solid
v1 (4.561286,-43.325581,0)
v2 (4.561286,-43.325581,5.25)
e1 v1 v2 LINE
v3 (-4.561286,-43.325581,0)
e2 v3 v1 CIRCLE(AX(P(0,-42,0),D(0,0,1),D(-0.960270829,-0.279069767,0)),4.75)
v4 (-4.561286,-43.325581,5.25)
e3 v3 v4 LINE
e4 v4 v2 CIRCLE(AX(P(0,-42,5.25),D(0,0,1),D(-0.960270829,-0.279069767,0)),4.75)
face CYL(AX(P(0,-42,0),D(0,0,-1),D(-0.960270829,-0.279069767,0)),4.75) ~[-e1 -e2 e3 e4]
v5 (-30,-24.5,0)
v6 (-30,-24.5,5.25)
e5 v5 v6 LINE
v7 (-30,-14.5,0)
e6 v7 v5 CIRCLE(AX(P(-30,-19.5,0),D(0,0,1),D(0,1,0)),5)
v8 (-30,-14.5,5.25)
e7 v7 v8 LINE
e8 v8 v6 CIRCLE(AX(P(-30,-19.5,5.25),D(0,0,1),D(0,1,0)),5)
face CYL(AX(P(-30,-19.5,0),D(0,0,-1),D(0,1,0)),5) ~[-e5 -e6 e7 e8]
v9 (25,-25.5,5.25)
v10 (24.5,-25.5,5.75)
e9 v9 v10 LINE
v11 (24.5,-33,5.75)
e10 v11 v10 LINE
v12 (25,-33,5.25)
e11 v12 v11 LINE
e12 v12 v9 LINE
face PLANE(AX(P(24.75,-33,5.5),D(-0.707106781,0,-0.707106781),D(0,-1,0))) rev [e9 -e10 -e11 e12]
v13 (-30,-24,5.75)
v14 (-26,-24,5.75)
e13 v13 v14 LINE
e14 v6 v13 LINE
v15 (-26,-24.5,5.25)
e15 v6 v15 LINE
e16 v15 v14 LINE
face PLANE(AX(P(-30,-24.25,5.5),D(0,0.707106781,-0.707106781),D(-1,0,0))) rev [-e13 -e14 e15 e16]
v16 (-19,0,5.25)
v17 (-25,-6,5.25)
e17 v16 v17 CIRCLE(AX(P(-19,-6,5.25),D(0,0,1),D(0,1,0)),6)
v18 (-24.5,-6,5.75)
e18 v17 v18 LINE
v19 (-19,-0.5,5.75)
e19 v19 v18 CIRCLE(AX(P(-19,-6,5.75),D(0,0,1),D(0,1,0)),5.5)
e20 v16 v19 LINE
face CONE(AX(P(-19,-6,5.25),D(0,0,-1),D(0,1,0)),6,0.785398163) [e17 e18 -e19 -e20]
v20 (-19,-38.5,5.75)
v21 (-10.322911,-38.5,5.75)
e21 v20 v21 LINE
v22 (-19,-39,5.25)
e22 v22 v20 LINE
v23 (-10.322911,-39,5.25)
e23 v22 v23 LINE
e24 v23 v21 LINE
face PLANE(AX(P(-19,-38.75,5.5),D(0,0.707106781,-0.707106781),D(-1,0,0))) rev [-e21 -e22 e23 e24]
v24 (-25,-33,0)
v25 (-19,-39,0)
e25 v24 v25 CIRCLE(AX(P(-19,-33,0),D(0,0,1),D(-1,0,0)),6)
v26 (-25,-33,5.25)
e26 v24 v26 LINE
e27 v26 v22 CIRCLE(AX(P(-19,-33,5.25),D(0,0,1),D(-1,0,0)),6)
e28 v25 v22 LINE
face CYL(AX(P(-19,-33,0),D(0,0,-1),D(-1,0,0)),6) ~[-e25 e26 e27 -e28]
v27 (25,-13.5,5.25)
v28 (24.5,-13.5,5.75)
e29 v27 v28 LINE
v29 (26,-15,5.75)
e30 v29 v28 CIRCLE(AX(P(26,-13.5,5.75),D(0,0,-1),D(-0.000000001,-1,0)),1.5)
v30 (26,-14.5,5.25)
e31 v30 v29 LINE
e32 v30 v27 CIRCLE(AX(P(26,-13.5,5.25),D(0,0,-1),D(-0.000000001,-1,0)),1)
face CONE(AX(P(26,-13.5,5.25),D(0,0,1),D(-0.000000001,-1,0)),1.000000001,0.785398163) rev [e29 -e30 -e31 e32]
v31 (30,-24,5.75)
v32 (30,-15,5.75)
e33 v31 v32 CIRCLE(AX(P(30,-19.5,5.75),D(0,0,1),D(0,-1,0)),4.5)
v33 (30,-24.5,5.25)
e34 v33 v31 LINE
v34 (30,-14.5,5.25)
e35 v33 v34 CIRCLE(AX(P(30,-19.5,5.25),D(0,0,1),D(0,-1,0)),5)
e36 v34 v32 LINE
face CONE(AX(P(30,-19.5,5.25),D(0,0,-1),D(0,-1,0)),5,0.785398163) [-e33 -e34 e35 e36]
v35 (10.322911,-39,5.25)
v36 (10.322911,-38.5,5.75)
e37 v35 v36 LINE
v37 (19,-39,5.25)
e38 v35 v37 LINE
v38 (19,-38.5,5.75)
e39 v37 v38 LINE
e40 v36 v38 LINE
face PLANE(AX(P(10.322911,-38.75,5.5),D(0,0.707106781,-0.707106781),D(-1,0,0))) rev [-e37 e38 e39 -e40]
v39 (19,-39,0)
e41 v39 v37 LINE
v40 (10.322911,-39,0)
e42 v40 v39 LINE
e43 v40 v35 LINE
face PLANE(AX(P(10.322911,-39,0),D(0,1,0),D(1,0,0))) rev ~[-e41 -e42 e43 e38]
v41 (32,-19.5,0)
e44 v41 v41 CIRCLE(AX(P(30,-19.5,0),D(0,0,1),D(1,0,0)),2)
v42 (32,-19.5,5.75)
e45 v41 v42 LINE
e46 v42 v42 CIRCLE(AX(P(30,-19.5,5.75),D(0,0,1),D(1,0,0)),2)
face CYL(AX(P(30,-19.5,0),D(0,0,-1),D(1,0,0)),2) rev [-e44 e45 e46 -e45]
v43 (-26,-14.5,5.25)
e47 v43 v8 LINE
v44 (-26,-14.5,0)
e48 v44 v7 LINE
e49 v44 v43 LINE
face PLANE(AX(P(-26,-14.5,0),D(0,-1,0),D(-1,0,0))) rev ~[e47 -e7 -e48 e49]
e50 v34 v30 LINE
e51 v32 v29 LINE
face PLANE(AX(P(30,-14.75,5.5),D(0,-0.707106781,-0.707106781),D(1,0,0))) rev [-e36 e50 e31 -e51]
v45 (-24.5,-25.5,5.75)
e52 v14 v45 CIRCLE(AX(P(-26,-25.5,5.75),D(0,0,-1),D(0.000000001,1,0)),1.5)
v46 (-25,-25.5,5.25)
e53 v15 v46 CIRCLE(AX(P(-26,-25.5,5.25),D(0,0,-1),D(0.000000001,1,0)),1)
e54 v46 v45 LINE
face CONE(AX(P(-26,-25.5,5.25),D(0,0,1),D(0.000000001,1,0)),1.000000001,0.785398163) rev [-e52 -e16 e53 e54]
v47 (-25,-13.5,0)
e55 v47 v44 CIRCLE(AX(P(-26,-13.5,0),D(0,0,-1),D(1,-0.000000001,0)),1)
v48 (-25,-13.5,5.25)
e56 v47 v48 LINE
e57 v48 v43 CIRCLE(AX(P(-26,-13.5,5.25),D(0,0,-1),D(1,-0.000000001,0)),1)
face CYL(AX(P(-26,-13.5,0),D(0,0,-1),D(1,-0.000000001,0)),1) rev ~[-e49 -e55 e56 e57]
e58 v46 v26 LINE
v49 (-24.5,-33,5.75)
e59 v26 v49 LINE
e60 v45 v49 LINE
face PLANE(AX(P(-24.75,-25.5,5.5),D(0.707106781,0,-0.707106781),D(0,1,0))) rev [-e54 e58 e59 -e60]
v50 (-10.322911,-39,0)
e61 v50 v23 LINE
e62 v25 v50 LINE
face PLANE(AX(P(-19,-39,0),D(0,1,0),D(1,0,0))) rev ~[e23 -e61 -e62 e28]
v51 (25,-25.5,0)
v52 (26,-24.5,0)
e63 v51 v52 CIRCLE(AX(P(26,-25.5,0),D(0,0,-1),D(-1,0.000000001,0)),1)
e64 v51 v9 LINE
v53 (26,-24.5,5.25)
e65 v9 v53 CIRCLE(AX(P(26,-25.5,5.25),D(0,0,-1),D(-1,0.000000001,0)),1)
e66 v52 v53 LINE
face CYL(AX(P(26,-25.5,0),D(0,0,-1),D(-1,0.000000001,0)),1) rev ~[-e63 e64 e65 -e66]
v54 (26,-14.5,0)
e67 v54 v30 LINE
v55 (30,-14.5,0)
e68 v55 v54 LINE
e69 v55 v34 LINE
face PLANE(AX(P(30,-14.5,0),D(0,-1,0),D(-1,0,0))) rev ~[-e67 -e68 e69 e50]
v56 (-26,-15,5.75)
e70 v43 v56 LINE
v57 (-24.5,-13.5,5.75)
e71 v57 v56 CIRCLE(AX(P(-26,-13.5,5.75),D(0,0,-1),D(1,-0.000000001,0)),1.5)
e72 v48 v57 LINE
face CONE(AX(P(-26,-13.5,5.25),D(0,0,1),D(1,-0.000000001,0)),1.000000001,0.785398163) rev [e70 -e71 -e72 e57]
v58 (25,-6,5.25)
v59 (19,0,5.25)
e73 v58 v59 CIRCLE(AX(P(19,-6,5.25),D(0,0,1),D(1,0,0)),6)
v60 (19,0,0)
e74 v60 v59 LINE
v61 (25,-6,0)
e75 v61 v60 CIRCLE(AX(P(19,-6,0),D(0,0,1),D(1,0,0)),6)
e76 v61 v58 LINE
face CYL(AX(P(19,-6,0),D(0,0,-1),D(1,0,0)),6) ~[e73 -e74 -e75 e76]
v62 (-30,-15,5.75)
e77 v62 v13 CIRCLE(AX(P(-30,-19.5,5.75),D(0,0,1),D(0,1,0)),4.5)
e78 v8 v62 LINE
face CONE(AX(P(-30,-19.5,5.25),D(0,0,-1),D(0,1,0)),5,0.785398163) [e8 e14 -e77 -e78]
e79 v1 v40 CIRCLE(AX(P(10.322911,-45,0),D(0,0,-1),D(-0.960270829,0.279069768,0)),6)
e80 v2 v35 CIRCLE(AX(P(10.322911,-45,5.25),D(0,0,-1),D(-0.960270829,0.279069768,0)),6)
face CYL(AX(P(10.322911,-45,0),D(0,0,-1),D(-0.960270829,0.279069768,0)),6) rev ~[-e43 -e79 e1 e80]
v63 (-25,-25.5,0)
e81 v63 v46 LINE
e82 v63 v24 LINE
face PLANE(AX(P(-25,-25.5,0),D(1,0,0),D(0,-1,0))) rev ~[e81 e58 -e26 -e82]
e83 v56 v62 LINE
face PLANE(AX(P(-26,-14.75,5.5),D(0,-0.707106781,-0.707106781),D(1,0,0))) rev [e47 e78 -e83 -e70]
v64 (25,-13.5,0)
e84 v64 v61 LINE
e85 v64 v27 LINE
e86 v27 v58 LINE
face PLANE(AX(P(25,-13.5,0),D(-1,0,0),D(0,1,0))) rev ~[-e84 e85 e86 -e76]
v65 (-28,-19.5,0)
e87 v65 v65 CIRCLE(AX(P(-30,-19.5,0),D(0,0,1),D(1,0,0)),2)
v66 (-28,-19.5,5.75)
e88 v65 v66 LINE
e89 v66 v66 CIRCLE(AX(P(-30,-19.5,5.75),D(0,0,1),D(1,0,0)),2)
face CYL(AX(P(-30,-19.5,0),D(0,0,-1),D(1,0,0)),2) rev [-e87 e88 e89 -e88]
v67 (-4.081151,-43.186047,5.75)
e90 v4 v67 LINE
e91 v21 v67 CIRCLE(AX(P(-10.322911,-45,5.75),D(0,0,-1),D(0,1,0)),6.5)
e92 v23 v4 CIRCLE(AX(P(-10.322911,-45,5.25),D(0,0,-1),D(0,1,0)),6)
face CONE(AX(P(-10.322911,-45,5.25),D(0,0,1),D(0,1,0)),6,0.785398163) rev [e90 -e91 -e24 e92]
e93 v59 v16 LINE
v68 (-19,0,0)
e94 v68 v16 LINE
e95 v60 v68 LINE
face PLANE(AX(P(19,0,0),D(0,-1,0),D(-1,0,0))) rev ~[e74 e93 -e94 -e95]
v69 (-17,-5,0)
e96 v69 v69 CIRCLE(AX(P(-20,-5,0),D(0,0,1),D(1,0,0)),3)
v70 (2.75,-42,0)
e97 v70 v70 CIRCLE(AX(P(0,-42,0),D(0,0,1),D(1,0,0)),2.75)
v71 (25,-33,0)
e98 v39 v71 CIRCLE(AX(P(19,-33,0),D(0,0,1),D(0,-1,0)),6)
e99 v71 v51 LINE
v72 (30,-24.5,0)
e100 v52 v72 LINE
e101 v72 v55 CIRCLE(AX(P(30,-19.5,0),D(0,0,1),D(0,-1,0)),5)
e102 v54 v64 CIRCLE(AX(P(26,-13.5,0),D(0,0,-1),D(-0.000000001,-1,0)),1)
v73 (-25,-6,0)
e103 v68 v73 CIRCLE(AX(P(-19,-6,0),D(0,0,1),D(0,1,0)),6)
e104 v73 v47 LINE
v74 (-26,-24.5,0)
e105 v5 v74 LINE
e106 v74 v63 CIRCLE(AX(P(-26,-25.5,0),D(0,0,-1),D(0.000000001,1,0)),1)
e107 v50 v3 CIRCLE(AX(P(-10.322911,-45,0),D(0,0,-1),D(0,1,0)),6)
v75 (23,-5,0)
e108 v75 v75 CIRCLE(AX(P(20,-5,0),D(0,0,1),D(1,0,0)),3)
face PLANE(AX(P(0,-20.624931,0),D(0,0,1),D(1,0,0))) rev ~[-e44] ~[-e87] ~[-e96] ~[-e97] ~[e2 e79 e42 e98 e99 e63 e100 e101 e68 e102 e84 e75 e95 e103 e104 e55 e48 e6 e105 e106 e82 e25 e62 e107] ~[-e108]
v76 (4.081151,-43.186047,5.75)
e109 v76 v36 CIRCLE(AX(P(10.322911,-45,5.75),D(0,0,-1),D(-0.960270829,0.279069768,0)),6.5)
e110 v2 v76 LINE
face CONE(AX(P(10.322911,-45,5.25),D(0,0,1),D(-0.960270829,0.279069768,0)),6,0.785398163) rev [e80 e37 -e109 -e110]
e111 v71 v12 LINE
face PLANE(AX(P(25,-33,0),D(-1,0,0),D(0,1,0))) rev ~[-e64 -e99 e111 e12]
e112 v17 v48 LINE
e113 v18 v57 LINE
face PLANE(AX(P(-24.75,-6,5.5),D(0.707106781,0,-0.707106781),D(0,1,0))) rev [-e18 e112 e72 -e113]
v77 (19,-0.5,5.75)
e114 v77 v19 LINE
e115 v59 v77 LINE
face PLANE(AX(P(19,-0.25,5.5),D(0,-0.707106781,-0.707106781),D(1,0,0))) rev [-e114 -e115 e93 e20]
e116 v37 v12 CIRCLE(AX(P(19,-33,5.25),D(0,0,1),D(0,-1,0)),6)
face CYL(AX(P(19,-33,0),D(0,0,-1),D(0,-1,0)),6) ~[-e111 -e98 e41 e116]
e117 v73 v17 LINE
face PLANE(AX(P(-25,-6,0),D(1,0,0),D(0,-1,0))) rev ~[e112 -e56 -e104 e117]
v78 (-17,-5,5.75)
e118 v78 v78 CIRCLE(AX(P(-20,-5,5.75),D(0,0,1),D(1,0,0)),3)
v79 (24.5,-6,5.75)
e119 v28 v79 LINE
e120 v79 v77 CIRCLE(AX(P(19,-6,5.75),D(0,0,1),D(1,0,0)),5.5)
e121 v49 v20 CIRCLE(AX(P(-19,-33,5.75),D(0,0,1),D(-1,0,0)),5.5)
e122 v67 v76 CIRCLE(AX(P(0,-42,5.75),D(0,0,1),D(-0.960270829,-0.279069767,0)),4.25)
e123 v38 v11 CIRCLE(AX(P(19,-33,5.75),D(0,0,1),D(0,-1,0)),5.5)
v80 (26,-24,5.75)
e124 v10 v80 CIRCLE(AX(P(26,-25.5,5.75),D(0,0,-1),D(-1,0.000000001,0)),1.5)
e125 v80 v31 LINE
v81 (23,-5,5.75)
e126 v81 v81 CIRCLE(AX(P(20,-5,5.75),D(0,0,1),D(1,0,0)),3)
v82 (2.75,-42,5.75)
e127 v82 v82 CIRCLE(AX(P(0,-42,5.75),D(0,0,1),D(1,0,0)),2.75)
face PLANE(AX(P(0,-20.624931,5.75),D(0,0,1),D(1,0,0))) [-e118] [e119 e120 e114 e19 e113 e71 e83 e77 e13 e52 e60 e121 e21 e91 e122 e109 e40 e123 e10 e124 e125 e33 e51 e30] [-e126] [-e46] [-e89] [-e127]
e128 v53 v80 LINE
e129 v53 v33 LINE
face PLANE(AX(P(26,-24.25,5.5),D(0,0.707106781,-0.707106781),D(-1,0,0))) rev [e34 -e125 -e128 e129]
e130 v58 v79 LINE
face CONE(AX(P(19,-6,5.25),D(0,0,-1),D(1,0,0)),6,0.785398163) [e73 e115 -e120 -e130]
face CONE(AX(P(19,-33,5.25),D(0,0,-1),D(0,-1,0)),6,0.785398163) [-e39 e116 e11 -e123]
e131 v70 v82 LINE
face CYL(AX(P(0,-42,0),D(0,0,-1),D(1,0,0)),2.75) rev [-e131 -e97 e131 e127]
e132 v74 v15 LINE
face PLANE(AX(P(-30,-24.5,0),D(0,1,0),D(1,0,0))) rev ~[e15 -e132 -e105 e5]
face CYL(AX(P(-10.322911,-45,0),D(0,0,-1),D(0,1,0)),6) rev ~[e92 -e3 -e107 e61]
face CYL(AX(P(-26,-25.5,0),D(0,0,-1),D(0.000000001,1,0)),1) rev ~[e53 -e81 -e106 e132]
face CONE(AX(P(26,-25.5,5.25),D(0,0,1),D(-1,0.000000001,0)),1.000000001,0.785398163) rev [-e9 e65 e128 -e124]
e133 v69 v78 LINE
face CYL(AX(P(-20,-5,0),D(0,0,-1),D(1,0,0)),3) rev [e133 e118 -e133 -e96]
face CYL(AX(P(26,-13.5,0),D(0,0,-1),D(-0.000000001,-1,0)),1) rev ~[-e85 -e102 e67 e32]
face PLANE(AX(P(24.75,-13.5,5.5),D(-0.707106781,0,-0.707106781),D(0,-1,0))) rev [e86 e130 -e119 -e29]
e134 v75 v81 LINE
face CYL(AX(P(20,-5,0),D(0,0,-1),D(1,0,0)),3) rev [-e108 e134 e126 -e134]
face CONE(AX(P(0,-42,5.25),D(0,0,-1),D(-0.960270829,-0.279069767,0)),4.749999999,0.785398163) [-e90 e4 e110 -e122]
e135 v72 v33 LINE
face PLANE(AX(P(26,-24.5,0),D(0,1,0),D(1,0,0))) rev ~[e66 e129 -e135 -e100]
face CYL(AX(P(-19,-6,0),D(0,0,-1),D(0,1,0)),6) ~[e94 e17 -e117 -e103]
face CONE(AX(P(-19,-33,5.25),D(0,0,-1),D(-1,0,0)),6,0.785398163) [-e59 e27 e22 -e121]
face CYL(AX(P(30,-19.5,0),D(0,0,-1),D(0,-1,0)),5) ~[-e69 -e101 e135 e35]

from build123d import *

# Parameters (mm, degrees)
SKETCH1_R           = 3
SKETCH1_R_2         = 2
SKETCH1_R_3         = 2.75
BOSS_EXTRUDE1_DEPTH = 5.75
CHAMFER1_SIZE       = 0.5


with BuildPart() as part:
    # Sketch1 → Boss-Extrude1 (new body)
    with BuildSketch(Plane.XY):
        with BuildLine():
            Line((19, 0), (-19, 0))
            ThreePointArc((-19, 0), (-23.242640687, -1.757359313), (-25, -6))
            Line((-25, -6), (-25, -13.5))
            ThreePointArc((-25, -13.5), (-25.292893219, -14.207106781), (-26, -14.5))
            Line((-26, -14.5), (-30, -14.5))
            ThreePointArc((-30, -14.5), (-35, -19.5), (-30, -24.5))
            Line((-30, -24.5), (-26, -24.5))
            ThreePointArc((-26, -24.5), (-25.292893219, -24.792893219), (-25, -25.5))
            Line((-25, -25.5), (-25, -33))
            ThreePointArc((-25, -33), (-23.242640687, -37.242640687), (-19, -39))
            Line((-19, -39), (-10.322911411, -39))
            ThreePointArc((-10.322911411, -39), (-6.72058658, -40.201744503), (-4.561286437, -43.325581395))
            ThreePointArc((-4.561286437, -43.325581395), (0, -46.75), (4.561286437, -43.325581395))
            ThreePointArc((4.561286437, -43.325581395), (6.72058658, -40.201744503), (10.322911411, -39))
            Line((10.322911411, -39), (19, -39))
            ThreePointArc((19, -39), (23.242640687, -37.242640687), (25, -33))
            Line((25, -33), (25, -25.5))
            ThreePointArc((25, -25.5), (25.292893219, -24.792893219), (26, -24.5))
            Line((26, -24.5), (30, -24.5))
            ThreePointArc((30, -24.5), (35, -19.5), (30, -14.5))
            Line((30, -14.5), (26, -14.5))
            ThreePointArc((26, -14.5), (25.292893219, -14.207106781), (25, -13.5))
            Line((25, -13.5), (25, -6))
            ThreePointArc((25, -6), (23.242640687, -1.757359313), (19, 0))
        make_face()
        with Locations((20, -5)):
            Circle(SKETCH1_R, mode=Mode.SUBTRACT)
        with Locations((30, -19.5)):
            Circle(SKETCH1_R_2, mode=Mode.SUBTRACT)
        with Locations((-30, -19.5)):
            Circle(SKETCH1_R_2, mode=Mode.SUBTRACT)
        with Locations((0, -42)):
            Circle(SKETCH1_R_3, mode=Mode.SUBTRACT)
        with Locations((-20, -5)):
            Circle(SKETCH1_R, mode=Mode.SUBTRACT)
    extrude(amount=BOSS_EXTRUDE1_DEPTH)

    # Chamfer1
    chamfer1_edges = [part.edges().sort_by_distance(p)[0] for p in [
        (35, -19.5, 5.75),
        (28, -14.5, 5.75),
        (25.292893219, -14.207106781, 5.75),
        (25, -9.75, 5.75),
        (23.242640687, -1.757359313, 5.75),
        (0, 0, 5.75),
        (-23.242640687, -1.757359313, 5.75),
        (-25, -9.75, 5.75),
        (-25.292893219, -14.207106781, 5.75),
        (-28, -14.5, 5.75),
        (-35, -19.5, 5.75),
        (-28, -24.5, 5.75),
        (-25.292893219, -24.792893219, 5.75),
        (-25, -29.25, 5.75),
        (-23.242640687, -37.242640687, 5.75),
        (-14.661455706, -39, 5.75),
        (-6.72058658, -40.201744503, 5.75),
        (0, -46.75, 5.75),
        (6.72058658, -40.201744503, 5.75),
        (14.661455706, -39, 5.75),
        (23.242640687, -37.242640687, 5.75),
        (25, -29.25, 5.75),
        (25.292893219, -24.792893219, 5.75),
        (28, -24.5, 5.75),
    ]]
    chamfer(chamfer1_edges, length=CHAMFER1_SIZE)


solid = part.part
